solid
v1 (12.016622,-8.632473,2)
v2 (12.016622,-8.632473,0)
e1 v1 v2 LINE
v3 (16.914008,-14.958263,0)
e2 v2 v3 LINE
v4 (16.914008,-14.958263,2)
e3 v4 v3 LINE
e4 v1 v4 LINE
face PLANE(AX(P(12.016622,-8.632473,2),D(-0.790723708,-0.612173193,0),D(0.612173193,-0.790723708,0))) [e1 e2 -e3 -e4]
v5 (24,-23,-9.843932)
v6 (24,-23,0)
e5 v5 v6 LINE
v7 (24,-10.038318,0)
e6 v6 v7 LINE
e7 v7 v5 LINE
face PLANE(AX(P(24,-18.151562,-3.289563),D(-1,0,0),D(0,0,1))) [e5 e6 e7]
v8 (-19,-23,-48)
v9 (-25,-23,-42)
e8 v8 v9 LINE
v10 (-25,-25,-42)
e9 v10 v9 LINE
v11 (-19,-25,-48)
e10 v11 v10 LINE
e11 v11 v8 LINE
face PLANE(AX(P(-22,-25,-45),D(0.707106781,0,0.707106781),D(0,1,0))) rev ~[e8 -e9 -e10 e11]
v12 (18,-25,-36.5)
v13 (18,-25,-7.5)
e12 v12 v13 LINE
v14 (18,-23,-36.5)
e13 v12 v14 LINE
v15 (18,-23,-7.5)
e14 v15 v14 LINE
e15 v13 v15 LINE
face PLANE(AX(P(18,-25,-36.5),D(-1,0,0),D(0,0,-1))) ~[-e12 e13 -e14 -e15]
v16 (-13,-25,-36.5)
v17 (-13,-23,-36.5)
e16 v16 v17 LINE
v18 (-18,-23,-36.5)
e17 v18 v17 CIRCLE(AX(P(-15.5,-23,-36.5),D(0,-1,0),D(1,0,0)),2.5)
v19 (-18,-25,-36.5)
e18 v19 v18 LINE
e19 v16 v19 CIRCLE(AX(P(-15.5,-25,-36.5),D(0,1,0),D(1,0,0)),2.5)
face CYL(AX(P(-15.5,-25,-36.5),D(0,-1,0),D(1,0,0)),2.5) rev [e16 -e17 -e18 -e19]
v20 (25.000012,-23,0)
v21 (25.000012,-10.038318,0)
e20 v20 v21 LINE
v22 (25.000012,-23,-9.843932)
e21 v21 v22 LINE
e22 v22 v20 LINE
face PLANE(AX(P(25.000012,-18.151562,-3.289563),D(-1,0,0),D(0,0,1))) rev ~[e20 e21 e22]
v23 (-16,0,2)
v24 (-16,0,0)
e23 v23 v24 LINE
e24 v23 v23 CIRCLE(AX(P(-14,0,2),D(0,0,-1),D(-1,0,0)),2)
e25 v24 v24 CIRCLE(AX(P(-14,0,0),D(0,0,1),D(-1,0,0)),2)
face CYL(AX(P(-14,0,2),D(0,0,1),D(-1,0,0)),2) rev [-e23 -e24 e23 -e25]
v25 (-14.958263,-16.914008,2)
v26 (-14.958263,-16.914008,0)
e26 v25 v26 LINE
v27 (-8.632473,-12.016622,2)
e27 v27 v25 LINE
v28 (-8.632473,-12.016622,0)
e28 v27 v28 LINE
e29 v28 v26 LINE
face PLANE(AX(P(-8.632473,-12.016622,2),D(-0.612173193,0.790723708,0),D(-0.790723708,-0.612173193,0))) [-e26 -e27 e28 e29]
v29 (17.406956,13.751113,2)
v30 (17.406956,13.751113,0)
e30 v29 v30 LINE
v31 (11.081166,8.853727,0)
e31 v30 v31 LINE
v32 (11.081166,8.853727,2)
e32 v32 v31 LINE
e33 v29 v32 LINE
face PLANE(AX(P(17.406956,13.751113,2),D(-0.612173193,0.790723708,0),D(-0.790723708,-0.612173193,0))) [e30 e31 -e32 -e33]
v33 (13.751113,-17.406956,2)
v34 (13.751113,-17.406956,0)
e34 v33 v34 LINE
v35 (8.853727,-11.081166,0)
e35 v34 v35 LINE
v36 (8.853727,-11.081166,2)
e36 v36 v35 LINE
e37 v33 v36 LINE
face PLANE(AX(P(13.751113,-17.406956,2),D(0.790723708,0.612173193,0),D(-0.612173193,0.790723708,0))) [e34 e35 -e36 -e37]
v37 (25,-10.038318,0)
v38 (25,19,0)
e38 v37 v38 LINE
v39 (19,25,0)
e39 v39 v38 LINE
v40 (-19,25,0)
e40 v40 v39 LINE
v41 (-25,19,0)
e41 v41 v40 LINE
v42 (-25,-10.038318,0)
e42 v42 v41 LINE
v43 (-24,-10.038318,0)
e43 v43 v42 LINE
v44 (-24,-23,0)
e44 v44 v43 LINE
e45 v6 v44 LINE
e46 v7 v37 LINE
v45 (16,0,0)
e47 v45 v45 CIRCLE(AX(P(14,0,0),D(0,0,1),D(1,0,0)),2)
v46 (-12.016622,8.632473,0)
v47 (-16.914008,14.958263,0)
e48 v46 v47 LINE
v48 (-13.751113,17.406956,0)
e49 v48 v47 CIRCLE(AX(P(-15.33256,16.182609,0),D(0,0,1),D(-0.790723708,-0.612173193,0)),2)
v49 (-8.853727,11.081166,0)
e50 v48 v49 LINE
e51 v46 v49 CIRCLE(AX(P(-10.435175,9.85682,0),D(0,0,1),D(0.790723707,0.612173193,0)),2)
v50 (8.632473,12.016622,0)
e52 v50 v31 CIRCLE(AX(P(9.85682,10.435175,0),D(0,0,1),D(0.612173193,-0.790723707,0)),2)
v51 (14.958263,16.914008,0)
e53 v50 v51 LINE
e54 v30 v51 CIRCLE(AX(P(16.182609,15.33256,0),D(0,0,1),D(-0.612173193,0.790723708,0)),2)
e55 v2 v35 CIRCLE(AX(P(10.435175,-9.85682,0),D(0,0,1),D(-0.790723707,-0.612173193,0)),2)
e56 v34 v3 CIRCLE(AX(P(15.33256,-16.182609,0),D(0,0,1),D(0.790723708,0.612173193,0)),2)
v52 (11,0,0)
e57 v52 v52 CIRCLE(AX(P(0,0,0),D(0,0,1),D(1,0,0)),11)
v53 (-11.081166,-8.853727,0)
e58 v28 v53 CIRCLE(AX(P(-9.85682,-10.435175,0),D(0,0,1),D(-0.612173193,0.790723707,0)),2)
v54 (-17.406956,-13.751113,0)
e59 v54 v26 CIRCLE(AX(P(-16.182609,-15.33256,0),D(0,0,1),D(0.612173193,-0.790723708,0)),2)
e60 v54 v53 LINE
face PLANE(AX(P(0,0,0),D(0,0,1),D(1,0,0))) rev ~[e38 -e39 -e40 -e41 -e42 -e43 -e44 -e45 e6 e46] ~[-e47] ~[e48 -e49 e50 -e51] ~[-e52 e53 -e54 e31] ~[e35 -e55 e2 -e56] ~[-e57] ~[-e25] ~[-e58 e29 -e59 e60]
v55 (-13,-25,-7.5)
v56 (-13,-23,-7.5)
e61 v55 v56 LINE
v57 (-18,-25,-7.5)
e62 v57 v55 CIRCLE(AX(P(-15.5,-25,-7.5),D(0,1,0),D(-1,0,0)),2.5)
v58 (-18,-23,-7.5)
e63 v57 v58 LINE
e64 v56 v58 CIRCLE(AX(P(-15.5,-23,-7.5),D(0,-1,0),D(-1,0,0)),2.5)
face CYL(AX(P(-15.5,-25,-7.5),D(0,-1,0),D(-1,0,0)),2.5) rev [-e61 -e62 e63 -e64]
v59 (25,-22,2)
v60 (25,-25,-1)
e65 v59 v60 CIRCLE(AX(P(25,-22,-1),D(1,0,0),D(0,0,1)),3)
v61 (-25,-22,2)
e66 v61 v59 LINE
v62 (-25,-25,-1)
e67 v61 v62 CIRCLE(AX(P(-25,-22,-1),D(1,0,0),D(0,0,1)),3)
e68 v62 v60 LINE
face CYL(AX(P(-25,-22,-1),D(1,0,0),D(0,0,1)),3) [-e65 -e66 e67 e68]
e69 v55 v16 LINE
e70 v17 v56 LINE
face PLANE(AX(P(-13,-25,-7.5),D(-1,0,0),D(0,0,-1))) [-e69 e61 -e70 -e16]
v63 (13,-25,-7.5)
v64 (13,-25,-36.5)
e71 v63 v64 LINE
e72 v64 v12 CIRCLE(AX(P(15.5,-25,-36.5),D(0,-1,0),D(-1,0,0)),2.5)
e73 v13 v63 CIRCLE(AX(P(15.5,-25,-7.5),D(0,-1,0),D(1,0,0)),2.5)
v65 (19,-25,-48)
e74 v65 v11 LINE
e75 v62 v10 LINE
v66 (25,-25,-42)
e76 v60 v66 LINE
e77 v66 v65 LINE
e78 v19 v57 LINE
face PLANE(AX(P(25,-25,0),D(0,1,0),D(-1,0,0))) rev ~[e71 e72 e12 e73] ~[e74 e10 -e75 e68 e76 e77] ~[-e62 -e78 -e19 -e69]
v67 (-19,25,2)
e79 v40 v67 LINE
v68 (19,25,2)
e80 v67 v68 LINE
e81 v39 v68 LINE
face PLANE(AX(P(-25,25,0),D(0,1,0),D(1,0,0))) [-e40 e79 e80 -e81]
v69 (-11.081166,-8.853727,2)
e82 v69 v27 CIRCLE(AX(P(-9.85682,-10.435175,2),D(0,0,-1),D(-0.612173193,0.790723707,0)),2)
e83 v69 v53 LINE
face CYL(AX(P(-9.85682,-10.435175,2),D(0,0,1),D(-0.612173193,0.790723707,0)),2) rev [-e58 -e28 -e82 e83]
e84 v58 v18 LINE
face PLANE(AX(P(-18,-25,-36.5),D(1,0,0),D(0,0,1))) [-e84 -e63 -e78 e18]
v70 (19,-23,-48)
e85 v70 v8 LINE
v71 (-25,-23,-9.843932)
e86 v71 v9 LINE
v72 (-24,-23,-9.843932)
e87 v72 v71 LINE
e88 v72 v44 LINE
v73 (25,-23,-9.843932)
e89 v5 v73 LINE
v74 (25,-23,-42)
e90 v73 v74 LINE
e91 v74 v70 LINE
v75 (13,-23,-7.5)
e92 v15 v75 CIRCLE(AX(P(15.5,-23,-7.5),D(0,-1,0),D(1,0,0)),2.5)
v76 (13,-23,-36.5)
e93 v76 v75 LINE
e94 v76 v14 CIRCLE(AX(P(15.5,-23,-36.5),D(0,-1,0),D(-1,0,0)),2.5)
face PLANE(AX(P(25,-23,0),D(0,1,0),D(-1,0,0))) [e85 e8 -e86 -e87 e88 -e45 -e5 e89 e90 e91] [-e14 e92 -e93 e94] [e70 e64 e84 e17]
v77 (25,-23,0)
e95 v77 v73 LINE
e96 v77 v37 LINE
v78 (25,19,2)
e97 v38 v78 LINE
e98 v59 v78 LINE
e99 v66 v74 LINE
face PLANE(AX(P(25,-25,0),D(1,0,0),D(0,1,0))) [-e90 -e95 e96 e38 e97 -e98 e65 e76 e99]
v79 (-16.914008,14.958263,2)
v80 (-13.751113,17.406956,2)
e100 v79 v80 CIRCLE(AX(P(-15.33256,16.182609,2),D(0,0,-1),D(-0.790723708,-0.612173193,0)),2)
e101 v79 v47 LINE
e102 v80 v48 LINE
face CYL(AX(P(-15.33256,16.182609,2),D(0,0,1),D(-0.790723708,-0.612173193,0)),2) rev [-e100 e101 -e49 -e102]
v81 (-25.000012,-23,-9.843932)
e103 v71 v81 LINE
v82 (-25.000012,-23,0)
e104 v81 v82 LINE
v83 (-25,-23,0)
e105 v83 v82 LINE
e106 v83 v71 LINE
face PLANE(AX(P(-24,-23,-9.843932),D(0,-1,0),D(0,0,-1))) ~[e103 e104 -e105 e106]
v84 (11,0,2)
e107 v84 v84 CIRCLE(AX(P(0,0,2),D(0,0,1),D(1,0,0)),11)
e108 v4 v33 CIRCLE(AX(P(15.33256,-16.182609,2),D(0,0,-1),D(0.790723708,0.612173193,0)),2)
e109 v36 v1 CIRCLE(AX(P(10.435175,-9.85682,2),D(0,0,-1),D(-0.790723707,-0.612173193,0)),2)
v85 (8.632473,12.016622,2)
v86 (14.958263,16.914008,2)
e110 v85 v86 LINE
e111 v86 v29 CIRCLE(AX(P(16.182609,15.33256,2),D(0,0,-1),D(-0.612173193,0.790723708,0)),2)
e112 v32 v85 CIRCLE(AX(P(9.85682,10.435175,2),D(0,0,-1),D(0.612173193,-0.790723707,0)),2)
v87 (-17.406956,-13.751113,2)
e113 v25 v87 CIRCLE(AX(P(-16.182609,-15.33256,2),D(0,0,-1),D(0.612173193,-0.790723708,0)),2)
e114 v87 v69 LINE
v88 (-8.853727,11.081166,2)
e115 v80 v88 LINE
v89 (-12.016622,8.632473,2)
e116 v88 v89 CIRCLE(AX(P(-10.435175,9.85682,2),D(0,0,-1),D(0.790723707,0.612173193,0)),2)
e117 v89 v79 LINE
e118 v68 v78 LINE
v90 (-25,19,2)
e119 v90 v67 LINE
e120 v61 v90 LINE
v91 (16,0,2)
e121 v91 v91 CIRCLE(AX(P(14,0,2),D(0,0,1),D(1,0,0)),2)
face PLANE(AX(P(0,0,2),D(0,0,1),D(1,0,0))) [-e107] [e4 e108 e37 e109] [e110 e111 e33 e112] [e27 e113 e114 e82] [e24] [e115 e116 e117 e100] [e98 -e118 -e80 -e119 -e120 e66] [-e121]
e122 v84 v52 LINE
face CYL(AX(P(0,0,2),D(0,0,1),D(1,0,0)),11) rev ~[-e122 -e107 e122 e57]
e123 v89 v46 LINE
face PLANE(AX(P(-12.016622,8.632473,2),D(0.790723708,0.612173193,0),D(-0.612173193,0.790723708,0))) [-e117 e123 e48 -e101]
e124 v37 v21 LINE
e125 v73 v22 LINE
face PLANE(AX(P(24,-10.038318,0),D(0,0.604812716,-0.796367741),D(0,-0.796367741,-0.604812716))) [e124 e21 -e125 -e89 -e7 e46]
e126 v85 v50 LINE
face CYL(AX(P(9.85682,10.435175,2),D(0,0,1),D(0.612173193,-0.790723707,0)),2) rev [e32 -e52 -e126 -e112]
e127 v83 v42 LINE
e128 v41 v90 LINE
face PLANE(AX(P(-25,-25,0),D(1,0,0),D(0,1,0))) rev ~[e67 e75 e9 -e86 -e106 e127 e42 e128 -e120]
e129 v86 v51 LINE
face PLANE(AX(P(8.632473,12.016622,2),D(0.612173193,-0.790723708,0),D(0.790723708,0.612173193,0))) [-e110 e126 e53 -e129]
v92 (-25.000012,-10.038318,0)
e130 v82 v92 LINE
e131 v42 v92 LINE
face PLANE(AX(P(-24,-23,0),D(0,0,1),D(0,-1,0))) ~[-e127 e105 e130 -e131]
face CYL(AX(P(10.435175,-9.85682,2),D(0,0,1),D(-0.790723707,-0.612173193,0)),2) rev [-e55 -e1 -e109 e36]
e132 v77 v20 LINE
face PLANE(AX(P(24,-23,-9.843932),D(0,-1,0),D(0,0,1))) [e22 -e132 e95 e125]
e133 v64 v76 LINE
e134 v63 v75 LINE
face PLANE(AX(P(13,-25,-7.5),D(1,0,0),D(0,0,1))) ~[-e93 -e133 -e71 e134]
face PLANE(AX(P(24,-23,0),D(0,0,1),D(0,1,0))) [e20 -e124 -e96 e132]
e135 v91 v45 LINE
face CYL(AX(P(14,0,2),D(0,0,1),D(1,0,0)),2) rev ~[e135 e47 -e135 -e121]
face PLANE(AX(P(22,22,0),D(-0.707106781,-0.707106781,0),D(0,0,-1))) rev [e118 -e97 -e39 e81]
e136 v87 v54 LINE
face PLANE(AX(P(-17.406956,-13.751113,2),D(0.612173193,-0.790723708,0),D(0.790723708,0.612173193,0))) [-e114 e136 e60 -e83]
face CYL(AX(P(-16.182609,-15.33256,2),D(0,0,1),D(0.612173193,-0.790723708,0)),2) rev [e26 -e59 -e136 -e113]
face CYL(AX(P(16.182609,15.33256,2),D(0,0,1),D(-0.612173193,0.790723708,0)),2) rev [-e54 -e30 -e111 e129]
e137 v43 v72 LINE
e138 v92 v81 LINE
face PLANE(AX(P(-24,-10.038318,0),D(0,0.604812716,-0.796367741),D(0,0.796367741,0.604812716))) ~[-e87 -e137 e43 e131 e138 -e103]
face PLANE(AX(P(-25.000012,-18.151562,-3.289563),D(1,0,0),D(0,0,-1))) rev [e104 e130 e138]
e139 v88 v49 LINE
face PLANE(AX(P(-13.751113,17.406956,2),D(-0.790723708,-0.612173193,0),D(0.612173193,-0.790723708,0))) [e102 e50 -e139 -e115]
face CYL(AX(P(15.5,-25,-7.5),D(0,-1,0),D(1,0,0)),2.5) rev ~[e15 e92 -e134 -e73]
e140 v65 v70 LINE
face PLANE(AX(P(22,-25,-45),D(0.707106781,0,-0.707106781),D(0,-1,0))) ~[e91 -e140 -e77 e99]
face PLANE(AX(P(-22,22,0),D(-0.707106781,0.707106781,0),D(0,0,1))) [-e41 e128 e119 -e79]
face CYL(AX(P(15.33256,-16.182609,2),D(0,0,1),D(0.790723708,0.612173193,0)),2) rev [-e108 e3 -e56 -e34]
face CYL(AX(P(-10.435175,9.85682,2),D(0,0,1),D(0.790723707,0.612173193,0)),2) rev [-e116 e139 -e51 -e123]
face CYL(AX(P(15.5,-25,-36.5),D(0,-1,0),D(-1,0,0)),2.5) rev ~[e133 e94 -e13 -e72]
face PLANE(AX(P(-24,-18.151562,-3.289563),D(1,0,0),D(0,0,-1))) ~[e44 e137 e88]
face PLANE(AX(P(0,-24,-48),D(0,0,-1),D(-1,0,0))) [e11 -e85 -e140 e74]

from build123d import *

# Parameters (mm, degrees)
SKETCH1_W           = 50
SKETCH1_H           = 50
BOSS_EXTRUDE1_DEPTH = 2
SKETCH2_R           = 11
CUT_EXTRUDE1_DEPTH  = 36.411862419
CHAMFER1_SIZE       = 6
CHAMFER2_SIZE       = 6
CUT_EXTRUDE2_DEPTH  = 36.411862419
CIRPATTERN1_COUNT   = 4
SKETCH4_R           = 2
CUT_EXTRUDE3_DEPTH  = 36.411862419
SKETCH5_W           = 50
SKETCH5_H           = 2
BOSS_EXTRUDE5_DEPTH = 48
CHAMFER3_SIZE       = 6
CHAMFER4_SIZE       = 6
CUT_EXTRUDE5_DEPTH  = 74.681748079
BOSS_EXTRUDE6_START = -1
BOSS_EXTRUDE6_DEPTH = 1.000012
FILLET1_R           = 3


with BuildPart() as part:
    # Sketch1 → Boss-Extrude1 (new body)
    with BuildSketch(Plane.XY):
        Rectangle(SKETCH1_W, SKETCH1_H)
    extrude(amount=BOSS_EXTRUDE1_DEPTH)

    # Sketch2 → Cut-Extrude1 (cut, through all)
    with BuildSketch(Plane.XY.offset(2)):
        Circle(SKETCH2_R)
    extrude(amount=-CUT_EXTRUDE1_DEPTH, mode=Mode.SUBTRACT)

    # Chamfer1
    chamfer1_edges = [part.edges().sort_by_distance(p)[0] for p in [
        (-25, 25, 1),
    ]]
    chamfer(chamfer1_edges, length=CHAMFER1_SIZE)

    # Chamfer2
    chamfer2_edges = [part.edges().sort_by_distance(p)[0] for p in [
        (25, 25, 1),
    ]]
    chamfer(chamfer2_edges, length=CHAMFER2_SIZE)

    # Sketch3 → Cut-Extrude2 (cut, through all)
    with BuildSketch(Plane.XY.offset(2)):
        with BuildLine():
            Line((8.63247336, 12.016622274), (14.958263021, 16.914007818))
            ThreePointArc((14.958263021, 16.914007818), (17.764056822, 16.556906789), (17.406955793, 13.751112987))
            Line((17.406955793, 13.751112987), (11.081166132, 8.853727444))
            ThreePointArc((11.081166132, 8.853727444), (8.27537233, 9.210828473), (8.63247336, 12.016622274))
        make_face()
    cut_extrude2 = extrude(amount=-CUT_EXTRUDE2_DEPTH, mode=Mode.SUBTRACT)

    # CirPattern1: Cut-Extrude2 ×4 about axis
    cirpattern1_axis = Axis((0, 0, 0), (0, 0, 1))
    for i in range(1, CIRPATTERN1_COUNT):
        add(cut_extrude2.rotate(cirpattern1_axis, i * 360 / CIRPATTERN1_COUNT), mode=Mode.SUBTRACT)

    # Sketch4 → Cut-Extrude3 (cut, through all)
    with BuildSketch(Plane.XY.offset(2)):
        with Locations((14, 0)):
            Circle(SKETCH4_R)
    cut_extrude3 = extrude(amount=-CUT_EXTRUDE3_DEPTH, mode=Mode.SUBTRACT)

    # Mirror5: Cut-Extrude3 across plane
    add(cut_extrude3.mirror(Plane(origin=(0, 0, 0), x_dir=(0, 0, 1), z_dir=(1, 0, 0))), mode=Mode.SUBTRACT)

    # Sketch5 → Boss-Extrude5 (add)
    with BuildSketch(Plane(origin=(0, 0, 0), x_dir=(-1, 0, 0), z_dir=(0, 0, -1))):
        with Locations((0, -24)):
            Rectangle(SKETCH5_W, SKETCH5_H)
    extrude(amount=BOSS_EXTRUDE5_DEPTH)

    # Chamfer3
    chamfer3_edges = [part.edges().sort_by_distance(p)[0] for p in [
        (25, -24, -48),
    ]]
    chamfer(chamfer3_edges, length=CHAMFER3_SIZE)

    # Chamfer4
    chamfer4_edges = [part.edges().sort_by_distance(p)[0] for p in [
        (-25, -24, -48),
    ]]
    chamfer(chamfer4_edges, length=CHAMFER4_SIZE)

    # Sketch7 → Cut-Extrude5 (cut, through all)
    with BuildSketch(Plane.XZ.offset(25)):
        with BuildLine():
            Line((-13, -7.5), (-13, -36.5))
            ThreePointArc((-13, -36.5), (-15.5, -39), (-18, -36.5))
            Line((-18, -36.5), (-18, -7.5))
            ThreePointArc((-18, -7.5), (-15.5, -5), (-13, -7.5))
        make_face()
    cut_extrude5 = extrude(amount=-CUT_EXTRUDE5_DEPTH, mode=Mode.SUBTRACT)

    # Mirror8: Cut-Extrude5 across plane
    add(cut_extrude5.mirror(Plane(origin=(0, 0, 0), x_dir=(0, 0, 1), z_dir=(1, 0, 0))), mode=Mode.SUBTRACT)

    # Sketch8 → Boss-Extrude6 (add)
    with BuildSketch(Plane(origin=(25, 0, 0), x_dir=(0, 0, -1), z_dir=(1, 0, 0)).offset(BOSS_EXTRUDE6_START)):
        Polygon((0, -10.038318293), (9.843932034, -23), (0, -23), align=None)
    boss_extrude6 = extrude(amount=BOSS_EXTRUDE6_DEPTH)

    # Mirror9: Boss-Extrude6 across plane
    add(boss_extrude6.mirror(Plane(origin=(0, 0, 0), x_dir=(0, 0, 1), z_dir=(1, 0, 0))))

    # Fillet1
    fillet1_edges = [part.edges().sort_by_distance(p)[0] for p in [
        (0, -25, 2),
    ]]
    fillet(fillet1_edges, radius=FILLET1_R)


solid = part.part
